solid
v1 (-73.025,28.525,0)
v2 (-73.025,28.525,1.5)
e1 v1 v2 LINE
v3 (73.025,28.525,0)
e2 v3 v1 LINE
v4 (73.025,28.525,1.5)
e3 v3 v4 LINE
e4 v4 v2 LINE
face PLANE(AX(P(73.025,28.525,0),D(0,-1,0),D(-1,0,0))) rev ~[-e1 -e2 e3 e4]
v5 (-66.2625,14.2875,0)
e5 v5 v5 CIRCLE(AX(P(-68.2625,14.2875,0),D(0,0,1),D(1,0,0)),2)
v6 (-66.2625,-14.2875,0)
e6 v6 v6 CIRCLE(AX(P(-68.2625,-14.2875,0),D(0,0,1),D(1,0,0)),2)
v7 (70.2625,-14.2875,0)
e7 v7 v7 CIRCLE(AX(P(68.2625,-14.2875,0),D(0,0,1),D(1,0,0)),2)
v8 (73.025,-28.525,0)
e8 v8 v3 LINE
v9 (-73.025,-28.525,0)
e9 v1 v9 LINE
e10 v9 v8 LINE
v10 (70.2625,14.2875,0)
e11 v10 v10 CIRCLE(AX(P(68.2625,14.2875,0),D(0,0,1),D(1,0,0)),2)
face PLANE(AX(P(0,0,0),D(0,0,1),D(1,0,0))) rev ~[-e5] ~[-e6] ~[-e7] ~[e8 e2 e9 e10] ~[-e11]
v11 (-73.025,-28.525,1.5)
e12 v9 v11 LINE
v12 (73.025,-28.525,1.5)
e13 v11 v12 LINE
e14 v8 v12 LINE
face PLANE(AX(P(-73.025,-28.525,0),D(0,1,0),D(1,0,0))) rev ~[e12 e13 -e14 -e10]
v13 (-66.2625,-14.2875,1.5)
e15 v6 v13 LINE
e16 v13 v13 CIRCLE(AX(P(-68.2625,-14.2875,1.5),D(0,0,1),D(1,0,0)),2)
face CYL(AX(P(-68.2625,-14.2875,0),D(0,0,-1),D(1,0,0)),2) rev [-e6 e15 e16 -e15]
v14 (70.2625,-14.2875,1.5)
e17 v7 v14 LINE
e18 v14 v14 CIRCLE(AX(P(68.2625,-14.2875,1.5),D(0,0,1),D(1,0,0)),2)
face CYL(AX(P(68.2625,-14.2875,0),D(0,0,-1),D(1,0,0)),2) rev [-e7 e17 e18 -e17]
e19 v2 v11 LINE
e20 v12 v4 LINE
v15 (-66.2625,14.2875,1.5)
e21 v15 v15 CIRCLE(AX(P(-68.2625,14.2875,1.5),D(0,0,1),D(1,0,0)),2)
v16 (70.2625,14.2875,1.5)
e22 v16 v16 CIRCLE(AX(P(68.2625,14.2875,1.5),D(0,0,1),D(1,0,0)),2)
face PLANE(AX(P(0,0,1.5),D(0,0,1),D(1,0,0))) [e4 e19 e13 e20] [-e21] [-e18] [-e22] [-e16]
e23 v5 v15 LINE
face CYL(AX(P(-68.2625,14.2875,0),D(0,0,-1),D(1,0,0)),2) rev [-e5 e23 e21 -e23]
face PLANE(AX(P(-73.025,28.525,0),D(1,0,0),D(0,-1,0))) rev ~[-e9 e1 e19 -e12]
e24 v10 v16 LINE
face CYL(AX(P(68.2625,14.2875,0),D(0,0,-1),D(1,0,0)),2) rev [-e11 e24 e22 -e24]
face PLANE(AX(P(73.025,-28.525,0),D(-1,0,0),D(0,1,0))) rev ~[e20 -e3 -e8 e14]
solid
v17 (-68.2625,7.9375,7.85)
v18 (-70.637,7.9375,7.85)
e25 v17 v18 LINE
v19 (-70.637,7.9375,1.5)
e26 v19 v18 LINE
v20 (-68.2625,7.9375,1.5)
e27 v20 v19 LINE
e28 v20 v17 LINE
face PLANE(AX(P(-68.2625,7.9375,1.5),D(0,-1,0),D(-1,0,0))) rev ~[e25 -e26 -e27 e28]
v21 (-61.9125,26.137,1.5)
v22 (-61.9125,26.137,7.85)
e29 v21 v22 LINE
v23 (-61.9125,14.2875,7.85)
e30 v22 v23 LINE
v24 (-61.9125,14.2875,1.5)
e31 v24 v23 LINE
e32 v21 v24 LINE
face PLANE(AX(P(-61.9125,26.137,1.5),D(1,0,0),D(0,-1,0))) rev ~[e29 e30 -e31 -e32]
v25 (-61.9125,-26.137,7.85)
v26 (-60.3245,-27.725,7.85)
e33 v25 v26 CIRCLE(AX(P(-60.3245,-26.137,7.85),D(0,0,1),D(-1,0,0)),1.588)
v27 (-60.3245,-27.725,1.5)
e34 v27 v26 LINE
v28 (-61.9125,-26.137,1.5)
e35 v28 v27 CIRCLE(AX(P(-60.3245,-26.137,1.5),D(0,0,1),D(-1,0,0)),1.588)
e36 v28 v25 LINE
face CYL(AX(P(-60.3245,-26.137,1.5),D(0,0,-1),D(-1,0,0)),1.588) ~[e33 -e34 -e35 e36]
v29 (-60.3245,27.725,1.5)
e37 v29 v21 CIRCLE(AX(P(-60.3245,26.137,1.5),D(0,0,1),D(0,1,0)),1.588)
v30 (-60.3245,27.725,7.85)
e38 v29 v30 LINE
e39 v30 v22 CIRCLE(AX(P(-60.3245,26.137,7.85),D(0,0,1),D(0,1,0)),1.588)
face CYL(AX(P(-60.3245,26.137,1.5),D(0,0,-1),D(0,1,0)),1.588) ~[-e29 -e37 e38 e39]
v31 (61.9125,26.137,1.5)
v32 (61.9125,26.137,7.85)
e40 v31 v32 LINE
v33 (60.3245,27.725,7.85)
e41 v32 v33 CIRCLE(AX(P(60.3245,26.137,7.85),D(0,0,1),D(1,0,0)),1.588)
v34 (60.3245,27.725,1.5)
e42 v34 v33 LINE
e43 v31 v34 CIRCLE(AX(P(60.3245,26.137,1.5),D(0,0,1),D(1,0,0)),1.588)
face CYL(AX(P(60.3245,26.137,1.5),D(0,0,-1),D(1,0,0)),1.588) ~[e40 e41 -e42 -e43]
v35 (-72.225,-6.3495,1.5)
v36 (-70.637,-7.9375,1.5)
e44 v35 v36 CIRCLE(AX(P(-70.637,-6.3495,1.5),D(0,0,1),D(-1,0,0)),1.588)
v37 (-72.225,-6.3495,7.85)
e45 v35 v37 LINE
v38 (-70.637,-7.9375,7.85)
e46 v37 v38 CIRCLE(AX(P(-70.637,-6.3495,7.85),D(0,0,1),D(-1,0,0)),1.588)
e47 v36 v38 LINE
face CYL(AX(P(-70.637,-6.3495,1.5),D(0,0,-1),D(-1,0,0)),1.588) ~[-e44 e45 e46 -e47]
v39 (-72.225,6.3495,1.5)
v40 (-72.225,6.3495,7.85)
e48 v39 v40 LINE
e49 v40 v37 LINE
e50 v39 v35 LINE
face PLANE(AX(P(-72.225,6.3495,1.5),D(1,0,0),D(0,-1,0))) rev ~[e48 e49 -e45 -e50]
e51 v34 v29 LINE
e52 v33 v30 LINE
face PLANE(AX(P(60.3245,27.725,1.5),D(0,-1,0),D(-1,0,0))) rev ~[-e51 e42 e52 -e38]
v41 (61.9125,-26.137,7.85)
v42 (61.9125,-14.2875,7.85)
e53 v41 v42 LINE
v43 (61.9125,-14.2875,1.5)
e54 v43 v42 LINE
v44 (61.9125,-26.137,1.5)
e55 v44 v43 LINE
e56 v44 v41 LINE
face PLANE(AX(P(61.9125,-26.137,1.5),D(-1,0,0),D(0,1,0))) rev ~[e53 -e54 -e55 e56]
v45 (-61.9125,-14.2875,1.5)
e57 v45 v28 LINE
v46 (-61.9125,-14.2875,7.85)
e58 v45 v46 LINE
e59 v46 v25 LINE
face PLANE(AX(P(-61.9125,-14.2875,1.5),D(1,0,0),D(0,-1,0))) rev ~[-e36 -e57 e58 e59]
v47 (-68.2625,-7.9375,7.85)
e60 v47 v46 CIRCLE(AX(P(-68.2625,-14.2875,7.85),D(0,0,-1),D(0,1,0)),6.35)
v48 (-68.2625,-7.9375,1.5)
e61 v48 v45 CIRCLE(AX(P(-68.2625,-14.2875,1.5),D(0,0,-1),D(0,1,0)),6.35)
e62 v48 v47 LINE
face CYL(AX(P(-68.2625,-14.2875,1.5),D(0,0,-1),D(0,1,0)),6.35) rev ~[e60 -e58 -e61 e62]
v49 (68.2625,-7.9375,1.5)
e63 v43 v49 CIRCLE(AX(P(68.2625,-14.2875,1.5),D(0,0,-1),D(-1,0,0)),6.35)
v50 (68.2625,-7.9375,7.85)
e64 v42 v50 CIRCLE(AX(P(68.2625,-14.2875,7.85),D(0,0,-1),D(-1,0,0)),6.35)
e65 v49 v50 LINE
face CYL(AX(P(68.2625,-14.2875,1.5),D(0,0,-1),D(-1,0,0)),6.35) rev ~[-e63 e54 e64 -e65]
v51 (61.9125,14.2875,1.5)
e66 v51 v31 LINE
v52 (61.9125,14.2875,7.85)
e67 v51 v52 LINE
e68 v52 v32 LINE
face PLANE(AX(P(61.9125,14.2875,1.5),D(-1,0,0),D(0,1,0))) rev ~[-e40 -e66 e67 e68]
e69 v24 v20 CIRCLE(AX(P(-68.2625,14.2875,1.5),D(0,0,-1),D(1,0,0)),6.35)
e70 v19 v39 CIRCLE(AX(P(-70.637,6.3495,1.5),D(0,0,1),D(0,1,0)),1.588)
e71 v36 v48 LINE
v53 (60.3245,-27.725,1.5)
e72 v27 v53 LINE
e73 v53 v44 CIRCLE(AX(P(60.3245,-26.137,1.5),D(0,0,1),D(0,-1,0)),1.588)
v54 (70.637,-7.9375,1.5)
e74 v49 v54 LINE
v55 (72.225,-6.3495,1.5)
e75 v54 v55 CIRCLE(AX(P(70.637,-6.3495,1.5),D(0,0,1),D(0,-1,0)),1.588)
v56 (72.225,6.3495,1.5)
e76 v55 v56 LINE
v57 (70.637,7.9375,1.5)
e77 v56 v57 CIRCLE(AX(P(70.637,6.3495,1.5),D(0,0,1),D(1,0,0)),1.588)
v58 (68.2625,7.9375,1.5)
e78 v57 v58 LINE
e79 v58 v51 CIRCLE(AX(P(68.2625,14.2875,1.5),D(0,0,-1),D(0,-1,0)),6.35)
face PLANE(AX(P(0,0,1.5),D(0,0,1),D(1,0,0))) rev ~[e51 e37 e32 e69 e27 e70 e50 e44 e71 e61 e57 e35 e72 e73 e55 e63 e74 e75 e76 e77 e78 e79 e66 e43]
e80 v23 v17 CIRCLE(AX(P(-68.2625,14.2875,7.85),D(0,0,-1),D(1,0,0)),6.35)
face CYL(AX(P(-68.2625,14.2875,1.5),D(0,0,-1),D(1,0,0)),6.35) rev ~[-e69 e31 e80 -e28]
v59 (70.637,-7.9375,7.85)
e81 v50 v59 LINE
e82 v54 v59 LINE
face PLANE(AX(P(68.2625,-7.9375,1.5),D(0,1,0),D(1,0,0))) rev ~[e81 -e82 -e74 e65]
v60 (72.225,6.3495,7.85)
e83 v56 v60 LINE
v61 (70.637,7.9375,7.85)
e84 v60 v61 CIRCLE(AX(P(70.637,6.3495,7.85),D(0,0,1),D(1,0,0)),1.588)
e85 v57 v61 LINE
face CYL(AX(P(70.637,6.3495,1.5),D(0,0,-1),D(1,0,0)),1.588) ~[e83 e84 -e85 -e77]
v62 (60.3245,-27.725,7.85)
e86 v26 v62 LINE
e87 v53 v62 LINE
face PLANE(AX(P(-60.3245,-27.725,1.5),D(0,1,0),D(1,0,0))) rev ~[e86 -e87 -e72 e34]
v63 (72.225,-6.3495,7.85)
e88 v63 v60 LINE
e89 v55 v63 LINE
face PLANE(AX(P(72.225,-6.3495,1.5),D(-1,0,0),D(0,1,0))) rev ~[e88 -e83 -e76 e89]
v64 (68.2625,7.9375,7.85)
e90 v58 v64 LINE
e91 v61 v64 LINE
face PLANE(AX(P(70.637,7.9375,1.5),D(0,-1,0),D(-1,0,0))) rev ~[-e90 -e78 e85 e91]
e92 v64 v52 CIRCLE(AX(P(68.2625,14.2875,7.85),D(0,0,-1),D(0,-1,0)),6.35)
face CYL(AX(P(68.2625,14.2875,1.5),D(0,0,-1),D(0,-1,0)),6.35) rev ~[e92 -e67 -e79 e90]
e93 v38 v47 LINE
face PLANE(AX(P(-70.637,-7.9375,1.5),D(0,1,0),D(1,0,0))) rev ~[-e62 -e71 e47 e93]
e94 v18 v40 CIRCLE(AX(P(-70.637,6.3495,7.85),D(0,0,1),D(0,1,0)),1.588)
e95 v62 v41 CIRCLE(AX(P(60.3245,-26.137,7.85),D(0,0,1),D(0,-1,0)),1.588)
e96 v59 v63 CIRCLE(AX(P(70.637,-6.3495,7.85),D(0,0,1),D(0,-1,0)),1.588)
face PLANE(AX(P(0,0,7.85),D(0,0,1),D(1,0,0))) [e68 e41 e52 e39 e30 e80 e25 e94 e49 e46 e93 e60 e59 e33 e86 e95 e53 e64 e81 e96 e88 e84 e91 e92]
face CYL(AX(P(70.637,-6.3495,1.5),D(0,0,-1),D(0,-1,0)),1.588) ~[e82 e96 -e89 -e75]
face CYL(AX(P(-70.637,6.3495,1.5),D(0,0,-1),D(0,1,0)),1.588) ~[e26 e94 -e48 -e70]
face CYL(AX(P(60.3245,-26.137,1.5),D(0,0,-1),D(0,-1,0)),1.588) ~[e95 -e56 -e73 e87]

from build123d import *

# Parameters (mm, degrees)
F0_R     = 2
F0_R_2   = 4.7625
F1_DEPTH = 1.5
F3_DEPTH = 6.35


with BuildPart() as f1:
    # F0 (on Top) → F1 (new body)
    with BuildSketch(Plane.XY):
        with BuildLine():
            Line((-73.025, 7.9375), (-73.025, -7.9375))
            Line((-73.025, -7.9375), (-68.2625, -7.9375))
            ThreePointArc((-68.2625, -7.9375), (-61.9125, -14.2875), (-68.2625, -20.6375))
            Line((-68.2625, -20.6375), (-73.025, -20.6375))
            Line((-73.025, -20.6375), (-73.025, -28.525))
            Line((-73.025, -28.525), (73.025, -28.525))
            Line((73.025, -28.525), (73.025, -20.6375))
            Line((73.025, -20.6375), (68.2625, -20.6375))
            ThreePointArc((68.2625, -20.6375), (61.9125, -14.2875), (68.2625, -7.9375))
            Line((68.2625, -7.9375), (73.025, -7.9375))
            Line((73.025, -7.9375), (73.025, 7.9375))
            Line((73.025, 7.9375), (68.2625, 7.9375))
            ThreePointArc((68.2625, 7.9375), (61.9125, 14.2875), (68.2625, 20.6375))
            Line((68.2625, 20.6375), (73.025, 20.6375))
            Line((73.025, 20.6375), (73.025, 28.525))
            Line((73.025, 28.525), (-73.025, 28.525))
            Line((-73.025, 28.525), (-73.025, 20.6375))
            Line((-73.025, 20.6375), (-68.2625, 20.6375))
            ThreePointArc((-68.2625, 20.6375), (-61.9125, 14.2875), (-68.2625, 7.9375))
            Line((-68.2625, 7.9375), (-73.025, 7.9375))
        make_face()
        with BuildLine():
            Line((-73.025, 14.2875), (-73.025, 7.9375))
            Line((-73.025, 7.9375), (-68.2625, 7.9375))
            ThreePointArc((-68.2625, 7.9375), (-61.9125, 14.2875), (-68.2625, 20.6375))
            Line((-68.2625, 20.6375), (-73.025, 20.6375))
            Line((-73.025, 20.6375), (-73.025, 14.2875))
        make_face()
        with BuildLine():
            ThreePointArc((-63.5, 14.2875), (-68.2625, 9.525), (-73.025, 14.2875))
            ThreePointArc((-73.025, 14.2875), (-68.2625, 19.05), (-63.5, 14.2875))
        make_face(mode=Mode.SUBTRACT)
        with BuildLine():
            ThreePointArc((-63.5, 14.2875), (-68.2625, 19.05), (-73.025, 14.2875))
            ThreePointArc((-73.025, 14.2875), (-68.2625, 9.525), (-63.5, 14.2875))
        make_face()
        with Locations((-68.2625, 14.2875)):
            Circle(F0_R, mode=Mode.SUBTRACT)
        with BuildLine():
            Line((-73.025, -7.9375), (-73.025, -14.2875))
            Line((-73.025, -14.2875), (-73.025, -20.6375))
            Line((-73.025, -20.6375), (-68.2625, -20.6375))
            ThreePointArc((-68.2625, -20.6375), (-61.9125, -14.2875), (-68.2625, -7.9375))
            Line((-68.2625, -7.9375), (-73.025, -7.9375))
        make_face()
        with BuildLine():
            ThreePointArc((-73.025, -14.2875), (-68.2625, -9.525), (-63.5, -14.2875))
            ThreePointArc((-63.5, -14.2875), (-68.2625, -19.05), (-73.025, -14.2875))
        make_face(mode=Mode.SUBTRACT)
        with BuildLine():
            ThreePointArc((-73.025, -14.2875), (-68.2625, -19.05), (-63.5, -14.2875))
            ThreePointArc((-63.5, -14.2875), (-68.2625, -9.525), (-73.025, -14.2875))
        make_face()
        with Locations((-68.2625, -14.2875)):
            Circle(F0_R, mode=Mode.SUBTRACT)
        with BuildLine():
            Line((73.025, 14.2875), (73.025, 20.6375))
            Line((73.025, 20.6375), (68.2625, 20.6375))
            ThreePointArc((68.2625, 20.6375), (61.9125, 14.2875), (68.2625, 7.9375))
            Line((68.2625, 7.9375), (73.025, 7.9375))
            Line((73.025, 7.9375), (73.025, 14.2875))
        make_face()
        with Locations((68.2625, 14.2875)):
            Circle(F0_R_2, mode=Mode.SUBTRACT)
        with Locations((68.2625, 14.2875)):
            Circle(F0_R_2)
        with Locations((68.2625, 14.2875)):
            Circle(F0_R, mode=Mode.SUBTRACT)
        with BuildLine():
            Line((68.2625, -20.6375), (73.025, -20.6375))
            Line((73.025, -20.6375), (73.025, -14.2875))
            Line((73.025, -14.2875), (73.025, -7.9375))
            Line((73.025, -7.9375), (68.2625, -7.9375))
            ThreePointArc((68.2625, -7.9375), (61.9125, -14.2875), (68.2625, -20.6375))
        make_face()
        with Locations((68.2625, -14.2875)):
            Circle(F0_R_2, mode=Mode.SUBTRACT)
        with Locations((68.2625, -14.2875)):
            Circle(F0_R_2)
        with Locations((68.2625, -14.2875)):
            Circle(F0_R, mode=Mode.SUBTRACT)
    extrude(amount=F1_DEPTH)


with BuildPart() as f3:
    # F2 (on face) → F3 (new body)
    with BuildSketch(Plane.XY.offset(1.5)):
        with BuildLine():
            Line((70.637, 7.9375), (68.2625, 7.9375))
            ThreePointArc((68.2625, 7.9375), (63.7723719395, 9.7973719395), (61.9125, 14.2875))
            Line((61.9125, 14.2875), (61.9125, 26.137))
            ThreePointArc((61.9125, 26.137), (61.4473855685, 27.2598855685), (60.3245, 27.725))
            Line((60.3245, 27.725), (-60.3245, 27.725))
            ThreePointArc((-60.3245, 27.725), (-61.4473855685, 27.2598855685), (-61.9125, 26.137))
            Line((-61.9125, 26.137), (-61.9125, 14.2875))
            ThreePointArc((-61.9125, 14.2875), (-63.7723719395, 9.7973719395), (-68.2625, 7.9375))
            Line((-68.2625, 7.9375), (-70.637, 7.9375))
            ThreePointArc((-70.637, 7.9375), (-71.7598855685, 7.4723855685), (-72.225, 6.3495))
            Line((-72.225, 6.3495), (-72.225, -6.3495))
            ThreePointArc((-72.225, -6.3495), (-71.7598855685, -7.4723855685), (-70.637, -7.9375))
            Line((-70.637, -7.9375), (-68.2625, -7.9375))
            ThreePointArc((-68.2625, -7.9375), (-63.7723719395, -9.7973719395), (-61.9125, -14.2875))
            Line((-61.9125, -14.2875), (-61.9125, -26.137))
            ThreePointArc((-61.9125, -26.137), (-61.4473855685, -27.2598855685), (-60.3245, -27.725))
            Line((-60.3245, -27.725), (60.3245, -27.725))
            ThreePointArc((60.3245, -27.725), (61.4473855685, -27.2598855685), (61.9125, -26.137))
            Line((61.9125, -26.137), (61.9125, -14.2875))
            ThreePointArc((61.9125, -14.2875), (63.7723719395, -9.7973719395), (68.2625, -7.9375))
            Line((68.2625, -7.9375), (70.637, -7.9375))
            ThreePointArc((70.637, -7.9375), (71.7598855685, -7.4723855685), (72.225, -6.3495))
            Line((72.225, -6.3495), (72.225, 6.3495))
            ThreePointArc((72.225, 6.3495), (71.7598855685, 7.4723855685), (70.637, 7.9375))
        make_face()
    extrude(amount=F3_DEPTH)


solid = Compound([f1.part, f3.part])
